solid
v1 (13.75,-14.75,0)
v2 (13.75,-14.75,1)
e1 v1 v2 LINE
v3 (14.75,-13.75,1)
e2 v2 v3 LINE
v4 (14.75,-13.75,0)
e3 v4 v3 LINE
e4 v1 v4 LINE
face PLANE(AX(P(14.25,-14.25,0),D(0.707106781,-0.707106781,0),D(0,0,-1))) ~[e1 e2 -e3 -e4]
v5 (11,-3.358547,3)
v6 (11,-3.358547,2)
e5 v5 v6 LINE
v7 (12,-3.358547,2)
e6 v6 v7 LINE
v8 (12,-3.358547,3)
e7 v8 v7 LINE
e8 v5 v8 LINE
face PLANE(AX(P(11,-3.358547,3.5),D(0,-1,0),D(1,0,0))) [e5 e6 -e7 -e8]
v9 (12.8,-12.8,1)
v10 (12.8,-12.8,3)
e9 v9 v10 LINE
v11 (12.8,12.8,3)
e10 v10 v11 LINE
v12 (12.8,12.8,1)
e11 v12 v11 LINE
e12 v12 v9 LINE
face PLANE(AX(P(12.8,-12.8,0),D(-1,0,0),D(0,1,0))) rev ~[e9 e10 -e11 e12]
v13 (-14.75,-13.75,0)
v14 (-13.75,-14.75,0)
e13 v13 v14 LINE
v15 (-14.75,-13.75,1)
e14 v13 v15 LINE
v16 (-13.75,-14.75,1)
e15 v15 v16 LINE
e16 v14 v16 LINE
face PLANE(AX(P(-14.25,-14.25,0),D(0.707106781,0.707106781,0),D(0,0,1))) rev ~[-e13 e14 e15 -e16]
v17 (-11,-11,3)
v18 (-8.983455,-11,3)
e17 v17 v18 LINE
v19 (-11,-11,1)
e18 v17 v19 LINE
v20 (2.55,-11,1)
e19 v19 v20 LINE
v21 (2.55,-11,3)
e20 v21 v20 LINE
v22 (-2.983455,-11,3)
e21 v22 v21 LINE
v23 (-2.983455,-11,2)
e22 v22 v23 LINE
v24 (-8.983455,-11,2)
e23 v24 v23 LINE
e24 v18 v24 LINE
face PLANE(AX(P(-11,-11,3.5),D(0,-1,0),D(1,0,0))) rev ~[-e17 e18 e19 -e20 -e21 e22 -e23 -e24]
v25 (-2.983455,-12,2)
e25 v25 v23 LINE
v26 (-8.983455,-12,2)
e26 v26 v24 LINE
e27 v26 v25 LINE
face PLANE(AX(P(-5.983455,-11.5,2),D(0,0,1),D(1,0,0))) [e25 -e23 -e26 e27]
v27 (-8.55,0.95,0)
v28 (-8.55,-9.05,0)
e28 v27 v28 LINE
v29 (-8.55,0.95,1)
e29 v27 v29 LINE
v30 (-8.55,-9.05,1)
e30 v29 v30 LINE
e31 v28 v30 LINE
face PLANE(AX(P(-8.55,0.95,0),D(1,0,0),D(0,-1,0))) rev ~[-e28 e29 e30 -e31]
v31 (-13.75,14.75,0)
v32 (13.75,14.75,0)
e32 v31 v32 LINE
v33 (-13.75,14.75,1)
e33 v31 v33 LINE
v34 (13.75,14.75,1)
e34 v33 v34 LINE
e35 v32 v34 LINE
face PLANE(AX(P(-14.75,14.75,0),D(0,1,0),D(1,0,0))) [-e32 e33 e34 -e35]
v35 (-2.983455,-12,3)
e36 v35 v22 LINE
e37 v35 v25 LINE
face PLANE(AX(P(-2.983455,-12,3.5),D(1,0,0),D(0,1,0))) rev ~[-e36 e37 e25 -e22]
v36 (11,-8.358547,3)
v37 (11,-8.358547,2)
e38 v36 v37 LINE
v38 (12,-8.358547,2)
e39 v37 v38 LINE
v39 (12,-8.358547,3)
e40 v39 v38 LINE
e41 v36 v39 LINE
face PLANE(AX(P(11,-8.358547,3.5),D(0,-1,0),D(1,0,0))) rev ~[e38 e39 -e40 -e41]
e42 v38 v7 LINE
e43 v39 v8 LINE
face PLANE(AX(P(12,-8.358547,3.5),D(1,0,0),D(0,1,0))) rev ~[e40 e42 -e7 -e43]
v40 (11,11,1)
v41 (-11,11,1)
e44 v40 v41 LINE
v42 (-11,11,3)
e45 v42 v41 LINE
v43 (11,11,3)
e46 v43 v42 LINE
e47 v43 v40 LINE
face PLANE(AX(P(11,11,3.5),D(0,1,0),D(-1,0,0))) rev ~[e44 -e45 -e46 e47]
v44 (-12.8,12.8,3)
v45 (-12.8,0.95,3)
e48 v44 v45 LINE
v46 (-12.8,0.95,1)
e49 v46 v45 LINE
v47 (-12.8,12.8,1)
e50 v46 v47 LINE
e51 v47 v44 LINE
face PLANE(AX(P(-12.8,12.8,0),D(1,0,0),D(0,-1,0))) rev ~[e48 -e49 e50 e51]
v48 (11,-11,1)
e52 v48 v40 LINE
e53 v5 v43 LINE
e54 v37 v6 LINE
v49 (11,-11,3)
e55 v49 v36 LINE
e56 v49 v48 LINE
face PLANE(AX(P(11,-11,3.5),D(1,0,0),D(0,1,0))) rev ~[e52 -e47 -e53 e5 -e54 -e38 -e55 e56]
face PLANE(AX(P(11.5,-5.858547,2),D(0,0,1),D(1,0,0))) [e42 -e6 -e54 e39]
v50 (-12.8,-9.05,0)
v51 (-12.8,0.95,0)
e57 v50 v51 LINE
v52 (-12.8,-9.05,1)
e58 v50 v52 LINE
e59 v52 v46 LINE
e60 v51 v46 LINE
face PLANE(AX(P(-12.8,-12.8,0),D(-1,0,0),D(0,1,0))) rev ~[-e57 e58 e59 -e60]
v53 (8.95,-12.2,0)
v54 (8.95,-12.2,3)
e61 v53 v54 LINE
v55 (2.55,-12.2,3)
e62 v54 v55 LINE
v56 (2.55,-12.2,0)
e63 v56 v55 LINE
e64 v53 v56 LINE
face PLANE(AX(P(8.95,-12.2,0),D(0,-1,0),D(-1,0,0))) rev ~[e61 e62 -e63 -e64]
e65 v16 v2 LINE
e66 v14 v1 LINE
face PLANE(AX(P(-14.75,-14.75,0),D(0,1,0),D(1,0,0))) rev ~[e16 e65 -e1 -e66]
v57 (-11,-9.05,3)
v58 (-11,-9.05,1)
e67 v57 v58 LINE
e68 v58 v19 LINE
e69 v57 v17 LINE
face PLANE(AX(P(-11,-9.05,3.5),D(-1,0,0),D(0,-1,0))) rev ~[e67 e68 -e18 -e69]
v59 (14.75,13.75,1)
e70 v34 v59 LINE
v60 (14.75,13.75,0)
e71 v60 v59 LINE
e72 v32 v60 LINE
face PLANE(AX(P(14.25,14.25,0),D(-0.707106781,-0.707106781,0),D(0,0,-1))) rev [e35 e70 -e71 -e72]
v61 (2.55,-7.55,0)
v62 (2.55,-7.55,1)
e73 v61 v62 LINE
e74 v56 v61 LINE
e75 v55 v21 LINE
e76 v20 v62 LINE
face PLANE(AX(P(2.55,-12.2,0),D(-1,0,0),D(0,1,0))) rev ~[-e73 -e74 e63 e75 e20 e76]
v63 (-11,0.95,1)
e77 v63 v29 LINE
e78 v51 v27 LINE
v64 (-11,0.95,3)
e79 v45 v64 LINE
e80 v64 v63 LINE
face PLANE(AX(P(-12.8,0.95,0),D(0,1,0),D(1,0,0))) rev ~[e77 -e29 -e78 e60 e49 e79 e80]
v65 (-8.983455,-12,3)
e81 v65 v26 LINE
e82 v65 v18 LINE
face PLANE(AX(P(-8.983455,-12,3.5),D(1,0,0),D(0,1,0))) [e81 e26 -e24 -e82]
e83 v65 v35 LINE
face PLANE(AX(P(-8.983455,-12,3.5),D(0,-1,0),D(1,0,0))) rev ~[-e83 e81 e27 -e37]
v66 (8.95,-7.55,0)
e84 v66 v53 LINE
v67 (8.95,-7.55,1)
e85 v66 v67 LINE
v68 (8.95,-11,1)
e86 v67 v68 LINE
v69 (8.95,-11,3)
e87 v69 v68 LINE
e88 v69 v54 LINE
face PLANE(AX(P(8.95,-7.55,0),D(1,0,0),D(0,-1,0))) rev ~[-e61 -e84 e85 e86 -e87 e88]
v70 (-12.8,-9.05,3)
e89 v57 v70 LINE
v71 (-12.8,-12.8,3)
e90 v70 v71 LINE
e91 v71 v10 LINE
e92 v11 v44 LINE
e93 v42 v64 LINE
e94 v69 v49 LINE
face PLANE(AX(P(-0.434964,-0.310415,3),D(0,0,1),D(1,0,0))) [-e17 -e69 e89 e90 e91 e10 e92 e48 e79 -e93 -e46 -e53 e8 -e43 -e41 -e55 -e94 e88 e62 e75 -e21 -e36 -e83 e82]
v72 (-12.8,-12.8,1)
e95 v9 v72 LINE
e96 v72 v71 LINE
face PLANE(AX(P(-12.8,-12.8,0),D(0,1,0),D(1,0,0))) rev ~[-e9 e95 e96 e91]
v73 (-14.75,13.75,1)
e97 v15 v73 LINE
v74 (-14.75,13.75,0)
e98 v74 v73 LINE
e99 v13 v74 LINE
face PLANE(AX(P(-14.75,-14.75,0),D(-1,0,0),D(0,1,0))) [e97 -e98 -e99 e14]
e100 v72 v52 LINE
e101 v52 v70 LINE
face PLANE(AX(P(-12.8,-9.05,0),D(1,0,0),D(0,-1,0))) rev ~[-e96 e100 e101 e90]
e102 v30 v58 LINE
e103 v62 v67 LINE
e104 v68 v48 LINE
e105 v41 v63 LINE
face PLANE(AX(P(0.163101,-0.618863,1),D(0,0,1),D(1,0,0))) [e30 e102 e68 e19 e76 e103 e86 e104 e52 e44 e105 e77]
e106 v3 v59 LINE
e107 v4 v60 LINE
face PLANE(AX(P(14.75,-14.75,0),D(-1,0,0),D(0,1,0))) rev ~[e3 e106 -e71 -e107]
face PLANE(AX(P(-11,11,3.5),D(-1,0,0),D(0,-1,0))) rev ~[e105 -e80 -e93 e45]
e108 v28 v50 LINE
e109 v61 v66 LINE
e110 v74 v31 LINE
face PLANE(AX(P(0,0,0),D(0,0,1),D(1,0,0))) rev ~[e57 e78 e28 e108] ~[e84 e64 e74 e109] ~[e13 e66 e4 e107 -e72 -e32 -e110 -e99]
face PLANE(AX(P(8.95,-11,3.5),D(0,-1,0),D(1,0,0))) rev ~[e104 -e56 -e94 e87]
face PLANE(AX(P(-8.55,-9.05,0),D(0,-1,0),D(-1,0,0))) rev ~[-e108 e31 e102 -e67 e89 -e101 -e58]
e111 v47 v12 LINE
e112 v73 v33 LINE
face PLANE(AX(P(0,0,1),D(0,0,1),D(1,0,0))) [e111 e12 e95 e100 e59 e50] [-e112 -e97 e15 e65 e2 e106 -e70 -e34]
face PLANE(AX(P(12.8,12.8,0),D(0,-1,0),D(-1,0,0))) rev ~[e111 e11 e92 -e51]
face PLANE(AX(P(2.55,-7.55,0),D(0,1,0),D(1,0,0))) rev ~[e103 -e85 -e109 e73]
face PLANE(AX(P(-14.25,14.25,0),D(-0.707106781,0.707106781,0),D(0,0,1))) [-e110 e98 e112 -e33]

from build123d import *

# Parameters (mm, degrees)
F1_DEPTH = 3.5
F0_W     = 29.5
F0_H     = 29.5
F2_DEPTH = 1
F3_SIZE  = 1
F5_DEPTH = 2.5
F6_W     = 1
F6_H     = 5
F6_W_2   = 6
F6_H_2   = 1
F7_DEPTH = 1.5
F8_DEPTH = 0.5


with BuildPart() as f1:
    # F0 (on Top) → F1 (new body)
    with BuildSketch(Plane.XY):
        Polygon((12.8, -12.8), (12.8, 12.8), (-12.8, 12.8), (-12.8, 0.95), (-8.65, 0.95), (-8.55, 0.95), (-8.55, -9.05), (-8.65, -9.05), (-12.8, -9.05), (-12.8, -12.8), align=None)
        Polygon((2.55, -7.55), (8.95, -7.55), (8.95, -12.2), (2.55, -12.2), (2.55, -7.642402336), align=None, mode=Mode.SUBTRACT)
    extrude(amount=F1_DEPTH)

    # F0 (on Top) → F2 (join)
    with BuildSketch(Plane.XY):
        Rectangle(F0_W, F0_H)
        Polygon((-12.8, 12.8), (12.8, 12.8), (12.8, -12.8), (-12.8, -12.8), (-12.8, -9.05), (-12.8, 0.95), align=None, mode=Mode.SUBTRACT)
    extrude(amount=F2_DEPTH)

    # F3
    f3_edges = [f1.edges().sort_by_distance(p)[0] for p in [
        (14.75, 14.75, 0.5),
        (14.75, -14.75, 0.5),
        (-14.75, -14.75, 0.5),
        (-14.75, 14.75, 0.5),
    ]]
    chamfer(f3_edges, length=F3_SIZE)

    # F4 (on face) → F5 (cut)
    with BuildSketch(Plane.XY.offset(3.5)):
        Polygon((11, -11), (11, 11), (-11, 11), (-11, 0.95), (-8.55, 0.95), (-8.55, -9.05), (-11, -9.05), (-11, -11), (2.55, -11), (2.55, -7.55), (8.95, -7.55), (8.95, -11), align=None)
    extrude(amount=-F5_DEPTH, mode=Mode.SUBTRACT)

    # F6 (on face) → F7 (cut)
    with BuildSketch(Plane.XY.offset(3.5)):
        with Locations((11.5, -5.8585465327)):
            Rectangle(F6_W, F6_H)
        with Locations((-5.983454667, -11.5)):
            Rectangle(F6_W_2, F6_H_2)
    extrude(amount=-F7_DEPTH, mode=Mode.SUBTRACT)

    # F8 (cut): a face of the model
    f8_faces = [f1.faces().sort_by_distance(p)[0] for p in [
        (-12.437961328, -10.925, 3.5),
    ]]
    extrude(f8_faces, amount=-F8_DEPTH, mode=Mode.SUBTRACT)


solid = f1.part
